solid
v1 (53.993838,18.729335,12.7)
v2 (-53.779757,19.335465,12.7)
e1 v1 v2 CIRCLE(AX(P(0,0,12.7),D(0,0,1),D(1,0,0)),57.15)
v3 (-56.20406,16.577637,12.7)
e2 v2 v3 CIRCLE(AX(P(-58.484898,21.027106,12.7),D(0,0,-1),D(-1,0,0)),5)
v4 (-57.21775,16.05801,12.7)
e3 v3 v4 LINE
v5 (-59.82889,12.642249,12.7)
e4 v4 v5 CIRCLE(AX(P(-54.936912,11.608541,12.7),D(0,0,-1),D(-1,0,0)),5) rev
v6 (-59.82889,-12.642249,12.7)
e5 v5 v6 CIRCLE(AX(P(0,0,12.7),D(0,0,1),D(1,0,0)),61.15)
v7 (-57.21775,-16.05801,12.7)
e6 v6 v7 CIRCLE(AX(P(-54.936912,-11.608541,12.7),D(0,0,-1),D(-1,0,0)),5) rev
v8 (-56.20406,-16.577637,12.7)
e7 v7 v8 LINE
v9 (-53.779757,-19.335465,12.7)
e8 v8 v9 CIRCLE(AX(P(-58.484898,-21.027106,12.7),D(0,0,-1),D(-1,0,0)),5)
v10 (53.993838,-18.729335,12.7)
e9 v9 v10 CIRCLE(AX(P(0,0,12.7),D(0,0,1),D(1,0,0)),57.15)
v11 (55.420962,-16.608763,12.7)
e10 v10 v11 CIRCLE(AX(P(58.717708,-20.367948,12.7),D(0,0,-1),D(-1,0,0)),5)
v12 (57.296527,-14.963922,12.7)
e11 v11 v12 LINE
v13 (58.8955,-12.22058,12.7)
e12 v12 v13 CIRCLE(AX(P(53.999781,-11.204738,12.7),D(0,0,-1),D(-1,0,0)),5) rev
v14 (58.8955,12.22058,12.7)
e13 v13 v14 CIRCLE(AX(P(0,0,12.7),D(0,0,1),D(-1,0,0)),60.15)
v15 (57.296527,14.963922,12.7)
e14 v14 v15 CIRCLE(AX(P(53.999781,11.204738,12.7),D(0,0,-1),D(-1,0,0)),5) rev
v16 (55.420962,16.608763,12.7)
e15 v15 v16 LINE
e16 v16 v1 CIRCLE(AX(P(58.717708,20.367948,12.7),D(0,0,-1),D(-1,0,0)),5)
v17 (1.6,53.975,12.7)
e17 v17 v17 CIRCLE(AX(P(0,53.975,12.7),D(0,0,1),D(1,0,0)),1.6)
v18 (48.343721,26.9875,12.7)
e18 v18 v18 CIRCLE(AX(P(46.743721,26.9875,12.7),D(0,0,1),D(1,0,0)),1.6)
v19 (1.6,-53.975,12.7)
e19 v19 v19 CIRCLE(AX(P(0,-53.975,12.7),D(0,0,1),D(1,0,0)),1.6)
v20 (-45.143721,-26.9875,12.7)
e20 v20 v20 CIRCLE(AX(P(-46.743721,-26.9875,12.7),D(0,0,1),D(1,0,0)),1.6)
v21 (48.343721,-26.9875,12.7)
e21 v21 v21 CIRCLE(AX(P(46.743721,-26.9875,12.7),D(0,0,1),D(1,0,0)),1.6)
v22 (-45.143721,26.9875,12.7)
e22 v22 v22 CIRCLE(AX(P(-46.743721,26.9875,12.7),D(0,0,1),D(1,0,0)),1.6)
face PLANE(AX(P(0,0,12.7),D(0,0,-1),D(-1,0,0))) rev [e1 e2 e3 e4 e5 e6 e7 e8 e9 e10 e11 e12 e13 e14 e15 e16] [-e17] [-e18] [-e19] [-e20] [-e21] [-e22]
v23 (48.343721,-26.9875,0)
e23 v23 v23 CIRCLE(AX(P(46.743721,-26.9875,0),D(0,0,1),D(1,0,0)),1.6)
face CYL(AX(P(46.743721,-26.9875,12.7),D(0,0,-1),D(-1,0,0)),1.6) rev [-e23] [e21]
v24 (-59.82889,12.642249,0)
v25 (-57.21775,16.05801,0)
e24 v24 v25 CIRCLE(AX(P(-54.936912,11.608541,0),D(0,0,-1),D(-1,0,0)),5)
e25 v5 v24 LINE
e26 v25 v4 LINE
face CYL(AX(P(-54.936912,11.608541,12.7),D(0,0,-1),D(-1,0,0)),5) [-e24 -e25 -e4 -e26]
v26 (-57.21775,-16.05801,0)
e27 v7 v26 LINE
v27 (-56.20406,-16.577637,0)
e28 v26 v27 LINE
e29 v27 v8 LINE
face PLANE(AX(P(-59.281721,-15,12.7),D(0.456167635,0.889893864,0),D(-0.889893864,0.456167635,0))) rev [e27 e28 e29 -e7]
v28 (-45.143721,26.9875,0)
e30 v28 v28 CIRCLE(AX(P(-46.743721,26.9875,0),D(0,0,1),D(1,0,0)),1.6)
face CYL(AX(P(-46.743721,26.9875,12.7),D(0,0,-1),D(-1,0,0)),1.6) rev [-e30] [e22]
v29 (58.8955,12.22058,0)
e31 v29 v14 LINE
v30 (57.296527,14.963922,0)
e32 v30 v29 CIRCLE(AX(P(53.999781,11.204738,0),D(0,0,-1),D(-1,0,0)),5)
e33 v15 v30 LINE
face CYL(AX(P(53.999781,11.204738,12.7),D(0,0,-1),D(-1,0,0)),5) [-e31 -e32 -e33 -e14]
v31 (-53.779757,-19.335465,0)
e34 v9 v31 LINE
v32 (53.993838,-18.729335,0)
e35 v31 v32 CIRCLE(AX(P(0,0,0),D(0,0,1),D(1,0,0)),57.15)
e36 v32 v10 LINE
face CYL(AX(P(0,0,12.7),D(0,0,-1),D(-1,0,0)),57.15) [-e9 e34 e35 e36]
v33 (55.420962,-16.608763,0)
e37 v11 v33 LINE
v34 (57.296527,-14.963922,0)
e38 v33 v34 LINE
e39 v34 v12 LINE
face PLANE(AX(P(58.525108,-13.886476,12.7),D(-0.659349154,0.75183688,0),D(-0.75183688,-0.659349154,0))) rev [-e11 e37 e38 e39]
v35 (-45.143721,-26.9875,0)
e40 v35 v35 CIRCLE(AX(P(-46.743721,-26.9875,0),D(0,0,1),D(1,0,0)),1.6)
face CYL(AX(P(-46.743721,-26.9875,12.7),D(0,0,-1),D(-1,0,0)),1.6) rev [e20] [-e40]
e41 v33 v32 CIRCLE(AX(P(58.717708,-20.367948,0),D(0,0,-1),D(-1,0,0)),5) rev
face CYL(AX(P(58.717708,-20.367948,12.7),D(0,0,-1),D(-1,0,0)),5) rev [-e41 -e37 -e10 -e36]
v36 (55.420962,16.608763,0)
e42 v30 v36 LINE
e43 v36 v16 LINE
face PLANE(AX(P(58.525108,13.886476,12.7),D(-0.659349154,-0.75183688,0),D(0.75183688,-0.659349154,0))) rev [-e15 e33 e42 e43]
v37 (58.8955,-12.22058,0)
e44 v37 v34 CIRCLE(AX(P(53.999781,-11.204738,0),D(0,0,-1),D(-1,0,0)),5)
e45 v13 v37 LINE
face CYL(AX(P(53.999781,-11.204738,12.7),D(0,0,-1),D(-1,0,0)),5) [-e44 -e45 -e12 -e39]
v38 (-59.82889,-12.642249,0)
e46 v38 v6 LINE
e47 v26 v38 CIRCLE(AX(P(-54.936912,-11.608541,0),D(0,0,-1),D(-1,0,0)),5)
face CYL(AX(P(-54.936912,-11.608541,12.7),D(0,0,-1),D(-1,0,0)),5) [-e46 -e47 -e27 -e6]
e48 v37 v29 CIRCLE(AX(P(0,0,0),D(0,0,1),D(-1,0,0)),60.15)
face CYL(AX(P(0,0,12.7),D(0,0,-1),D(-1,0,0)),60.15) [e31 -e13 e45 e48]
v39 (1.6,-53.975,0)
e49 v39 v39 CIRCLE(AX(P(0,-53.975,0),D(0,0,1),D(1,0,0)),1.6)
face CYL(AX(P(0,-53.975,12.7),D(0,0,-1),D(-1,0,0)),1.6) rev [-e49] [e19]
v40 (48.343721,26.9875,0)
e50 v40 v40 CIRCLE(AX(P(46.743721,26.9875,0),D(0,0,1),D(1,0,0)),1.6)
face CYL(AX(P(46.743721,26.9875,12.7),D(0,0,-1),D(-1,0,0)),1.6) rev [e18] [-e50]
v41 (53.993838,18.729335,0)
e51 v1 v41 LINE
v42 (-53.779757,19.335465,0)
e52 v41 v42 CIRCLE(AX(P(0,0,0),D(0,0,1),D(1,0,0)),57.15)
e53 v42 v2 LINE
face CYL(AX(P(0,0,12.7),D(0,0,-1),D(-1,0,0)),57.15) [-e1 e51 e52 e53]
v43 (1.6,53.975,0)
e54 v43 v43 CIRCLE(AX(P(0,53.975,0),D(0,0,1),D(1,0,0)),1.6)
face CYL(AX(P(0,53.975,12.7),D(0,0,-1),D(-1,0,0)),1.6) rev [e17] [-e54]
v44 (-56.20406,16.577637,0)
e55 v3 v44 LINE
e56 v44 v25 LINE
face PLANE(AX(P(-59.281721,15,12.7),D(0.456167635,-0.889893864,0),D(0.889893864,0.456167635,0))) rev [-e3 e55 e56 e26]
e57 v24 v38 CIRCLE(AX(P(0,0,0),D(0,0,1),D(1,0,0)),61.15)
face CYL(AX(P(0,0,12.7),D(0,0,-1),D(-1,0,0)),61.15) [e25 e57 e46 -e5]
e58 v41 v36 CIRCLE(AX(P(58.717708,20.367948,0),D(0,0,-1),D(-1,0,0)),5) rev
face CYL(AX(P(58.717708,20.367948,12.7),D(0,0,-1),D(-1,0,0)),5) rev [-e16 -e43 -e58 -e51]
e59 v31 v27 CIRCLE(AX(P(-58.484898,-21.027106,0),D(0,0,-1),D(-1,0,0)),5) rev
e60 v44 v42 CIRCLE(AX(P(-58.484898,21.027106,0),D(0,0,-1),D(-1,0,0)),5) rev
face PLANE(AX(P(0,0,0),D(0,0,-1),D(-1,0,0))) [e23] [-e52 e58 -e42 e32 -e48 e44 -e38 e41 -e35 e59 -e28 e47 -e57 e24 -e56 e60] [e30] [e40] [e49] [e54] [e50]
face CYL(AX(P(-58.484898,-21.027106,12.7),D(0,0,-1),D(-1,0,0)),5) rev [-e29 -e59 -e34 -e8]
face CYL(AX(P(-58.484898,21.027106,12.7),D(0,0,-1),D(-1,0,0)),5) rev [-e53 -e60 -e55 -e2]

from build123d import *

# Parameters (mm, degrees)
SKETCH1_R           = 1.6
BOSS_EXTRUDE1_DEPTH = 12.7
FILLET1_R           = 5


with BuildPart() as part:
    # Sketch1 → Boss-Extrude1 (new body)
    with BuildSketch(Plane.XY):
        with BuildLine():
            Line((-59.281721466, 15), (-54.404710274, 17.5))
            ThreePointArc((-54.404710274, 17.5), (0, 57.15), (54.404710274, 17.5))
            Line((54.404710274, 17.5), (58.525108251, 13.886475587))
            ThreePointArc((58.525108251, 13.886475587), (60.15, 0), (58.525108251, -13.886475587))
            Line((58.525108251, -13.886475587), (54.404710274, -17.5))
            ThreePointArc((54.404710274, -17.5), (0, -57.15), (-54.404710274, -17.5))
            Line((-54.404710274, -17.5), (-59.281721466, -15))
            ThreePointArc((-59.281721466, -15), (-61.15, 0), (-59.281721466, 15))
        make_face()
        with Locations((0, 53.975)):
            Circle(SKETCH1_R, mode=Mode.SUBTRACT)
        with Locations((46.743721169, 26.9875)):
            Circle(SKETCH1_R, mode=Mode.SUBTRACT)
        with Locations((46.743721169, -26.9875)):
            Circle(SKETCH1_R, mode=Mode.SUBTRACT)
        with Locations((0, -53.975)):
            Circle(SKETCH1_R, mode=Mode.SUBTRACT)
        with Locations((-46.743721169, -26.9875)):
            Circle(SKETCH1_R, mode=Mode.SUBTRACT)
        with Locations((-46.743721169, 26.9875)):
            Circle(SKETCH1_R, mode=Mode.SUBTRACT)
    extrude(amount=BOSS_EXTRUDE1_DEPTH)

    # Fillet1
    fillet1_edges = [part.edges().sort_by_distance(p)[0] for p in [
        (58.525108251, -13.886475587, 6.35),
        (54.404710274, -17.5, 6.35),
        (-54.404710274, -17.5, 6.35),
        (-59.281721466, -15, 6.35),
        (-59.281721466, 15, 6.35),
        (-54.404710274, 17.5, 6.35),
        (54.404710274, 17.5, 6.35),
        (58.525108251, 13.886475587, 6.35),
    ]]
    fillet(fillet1_edges, radius=FILLET1_R)


solid = part.part
